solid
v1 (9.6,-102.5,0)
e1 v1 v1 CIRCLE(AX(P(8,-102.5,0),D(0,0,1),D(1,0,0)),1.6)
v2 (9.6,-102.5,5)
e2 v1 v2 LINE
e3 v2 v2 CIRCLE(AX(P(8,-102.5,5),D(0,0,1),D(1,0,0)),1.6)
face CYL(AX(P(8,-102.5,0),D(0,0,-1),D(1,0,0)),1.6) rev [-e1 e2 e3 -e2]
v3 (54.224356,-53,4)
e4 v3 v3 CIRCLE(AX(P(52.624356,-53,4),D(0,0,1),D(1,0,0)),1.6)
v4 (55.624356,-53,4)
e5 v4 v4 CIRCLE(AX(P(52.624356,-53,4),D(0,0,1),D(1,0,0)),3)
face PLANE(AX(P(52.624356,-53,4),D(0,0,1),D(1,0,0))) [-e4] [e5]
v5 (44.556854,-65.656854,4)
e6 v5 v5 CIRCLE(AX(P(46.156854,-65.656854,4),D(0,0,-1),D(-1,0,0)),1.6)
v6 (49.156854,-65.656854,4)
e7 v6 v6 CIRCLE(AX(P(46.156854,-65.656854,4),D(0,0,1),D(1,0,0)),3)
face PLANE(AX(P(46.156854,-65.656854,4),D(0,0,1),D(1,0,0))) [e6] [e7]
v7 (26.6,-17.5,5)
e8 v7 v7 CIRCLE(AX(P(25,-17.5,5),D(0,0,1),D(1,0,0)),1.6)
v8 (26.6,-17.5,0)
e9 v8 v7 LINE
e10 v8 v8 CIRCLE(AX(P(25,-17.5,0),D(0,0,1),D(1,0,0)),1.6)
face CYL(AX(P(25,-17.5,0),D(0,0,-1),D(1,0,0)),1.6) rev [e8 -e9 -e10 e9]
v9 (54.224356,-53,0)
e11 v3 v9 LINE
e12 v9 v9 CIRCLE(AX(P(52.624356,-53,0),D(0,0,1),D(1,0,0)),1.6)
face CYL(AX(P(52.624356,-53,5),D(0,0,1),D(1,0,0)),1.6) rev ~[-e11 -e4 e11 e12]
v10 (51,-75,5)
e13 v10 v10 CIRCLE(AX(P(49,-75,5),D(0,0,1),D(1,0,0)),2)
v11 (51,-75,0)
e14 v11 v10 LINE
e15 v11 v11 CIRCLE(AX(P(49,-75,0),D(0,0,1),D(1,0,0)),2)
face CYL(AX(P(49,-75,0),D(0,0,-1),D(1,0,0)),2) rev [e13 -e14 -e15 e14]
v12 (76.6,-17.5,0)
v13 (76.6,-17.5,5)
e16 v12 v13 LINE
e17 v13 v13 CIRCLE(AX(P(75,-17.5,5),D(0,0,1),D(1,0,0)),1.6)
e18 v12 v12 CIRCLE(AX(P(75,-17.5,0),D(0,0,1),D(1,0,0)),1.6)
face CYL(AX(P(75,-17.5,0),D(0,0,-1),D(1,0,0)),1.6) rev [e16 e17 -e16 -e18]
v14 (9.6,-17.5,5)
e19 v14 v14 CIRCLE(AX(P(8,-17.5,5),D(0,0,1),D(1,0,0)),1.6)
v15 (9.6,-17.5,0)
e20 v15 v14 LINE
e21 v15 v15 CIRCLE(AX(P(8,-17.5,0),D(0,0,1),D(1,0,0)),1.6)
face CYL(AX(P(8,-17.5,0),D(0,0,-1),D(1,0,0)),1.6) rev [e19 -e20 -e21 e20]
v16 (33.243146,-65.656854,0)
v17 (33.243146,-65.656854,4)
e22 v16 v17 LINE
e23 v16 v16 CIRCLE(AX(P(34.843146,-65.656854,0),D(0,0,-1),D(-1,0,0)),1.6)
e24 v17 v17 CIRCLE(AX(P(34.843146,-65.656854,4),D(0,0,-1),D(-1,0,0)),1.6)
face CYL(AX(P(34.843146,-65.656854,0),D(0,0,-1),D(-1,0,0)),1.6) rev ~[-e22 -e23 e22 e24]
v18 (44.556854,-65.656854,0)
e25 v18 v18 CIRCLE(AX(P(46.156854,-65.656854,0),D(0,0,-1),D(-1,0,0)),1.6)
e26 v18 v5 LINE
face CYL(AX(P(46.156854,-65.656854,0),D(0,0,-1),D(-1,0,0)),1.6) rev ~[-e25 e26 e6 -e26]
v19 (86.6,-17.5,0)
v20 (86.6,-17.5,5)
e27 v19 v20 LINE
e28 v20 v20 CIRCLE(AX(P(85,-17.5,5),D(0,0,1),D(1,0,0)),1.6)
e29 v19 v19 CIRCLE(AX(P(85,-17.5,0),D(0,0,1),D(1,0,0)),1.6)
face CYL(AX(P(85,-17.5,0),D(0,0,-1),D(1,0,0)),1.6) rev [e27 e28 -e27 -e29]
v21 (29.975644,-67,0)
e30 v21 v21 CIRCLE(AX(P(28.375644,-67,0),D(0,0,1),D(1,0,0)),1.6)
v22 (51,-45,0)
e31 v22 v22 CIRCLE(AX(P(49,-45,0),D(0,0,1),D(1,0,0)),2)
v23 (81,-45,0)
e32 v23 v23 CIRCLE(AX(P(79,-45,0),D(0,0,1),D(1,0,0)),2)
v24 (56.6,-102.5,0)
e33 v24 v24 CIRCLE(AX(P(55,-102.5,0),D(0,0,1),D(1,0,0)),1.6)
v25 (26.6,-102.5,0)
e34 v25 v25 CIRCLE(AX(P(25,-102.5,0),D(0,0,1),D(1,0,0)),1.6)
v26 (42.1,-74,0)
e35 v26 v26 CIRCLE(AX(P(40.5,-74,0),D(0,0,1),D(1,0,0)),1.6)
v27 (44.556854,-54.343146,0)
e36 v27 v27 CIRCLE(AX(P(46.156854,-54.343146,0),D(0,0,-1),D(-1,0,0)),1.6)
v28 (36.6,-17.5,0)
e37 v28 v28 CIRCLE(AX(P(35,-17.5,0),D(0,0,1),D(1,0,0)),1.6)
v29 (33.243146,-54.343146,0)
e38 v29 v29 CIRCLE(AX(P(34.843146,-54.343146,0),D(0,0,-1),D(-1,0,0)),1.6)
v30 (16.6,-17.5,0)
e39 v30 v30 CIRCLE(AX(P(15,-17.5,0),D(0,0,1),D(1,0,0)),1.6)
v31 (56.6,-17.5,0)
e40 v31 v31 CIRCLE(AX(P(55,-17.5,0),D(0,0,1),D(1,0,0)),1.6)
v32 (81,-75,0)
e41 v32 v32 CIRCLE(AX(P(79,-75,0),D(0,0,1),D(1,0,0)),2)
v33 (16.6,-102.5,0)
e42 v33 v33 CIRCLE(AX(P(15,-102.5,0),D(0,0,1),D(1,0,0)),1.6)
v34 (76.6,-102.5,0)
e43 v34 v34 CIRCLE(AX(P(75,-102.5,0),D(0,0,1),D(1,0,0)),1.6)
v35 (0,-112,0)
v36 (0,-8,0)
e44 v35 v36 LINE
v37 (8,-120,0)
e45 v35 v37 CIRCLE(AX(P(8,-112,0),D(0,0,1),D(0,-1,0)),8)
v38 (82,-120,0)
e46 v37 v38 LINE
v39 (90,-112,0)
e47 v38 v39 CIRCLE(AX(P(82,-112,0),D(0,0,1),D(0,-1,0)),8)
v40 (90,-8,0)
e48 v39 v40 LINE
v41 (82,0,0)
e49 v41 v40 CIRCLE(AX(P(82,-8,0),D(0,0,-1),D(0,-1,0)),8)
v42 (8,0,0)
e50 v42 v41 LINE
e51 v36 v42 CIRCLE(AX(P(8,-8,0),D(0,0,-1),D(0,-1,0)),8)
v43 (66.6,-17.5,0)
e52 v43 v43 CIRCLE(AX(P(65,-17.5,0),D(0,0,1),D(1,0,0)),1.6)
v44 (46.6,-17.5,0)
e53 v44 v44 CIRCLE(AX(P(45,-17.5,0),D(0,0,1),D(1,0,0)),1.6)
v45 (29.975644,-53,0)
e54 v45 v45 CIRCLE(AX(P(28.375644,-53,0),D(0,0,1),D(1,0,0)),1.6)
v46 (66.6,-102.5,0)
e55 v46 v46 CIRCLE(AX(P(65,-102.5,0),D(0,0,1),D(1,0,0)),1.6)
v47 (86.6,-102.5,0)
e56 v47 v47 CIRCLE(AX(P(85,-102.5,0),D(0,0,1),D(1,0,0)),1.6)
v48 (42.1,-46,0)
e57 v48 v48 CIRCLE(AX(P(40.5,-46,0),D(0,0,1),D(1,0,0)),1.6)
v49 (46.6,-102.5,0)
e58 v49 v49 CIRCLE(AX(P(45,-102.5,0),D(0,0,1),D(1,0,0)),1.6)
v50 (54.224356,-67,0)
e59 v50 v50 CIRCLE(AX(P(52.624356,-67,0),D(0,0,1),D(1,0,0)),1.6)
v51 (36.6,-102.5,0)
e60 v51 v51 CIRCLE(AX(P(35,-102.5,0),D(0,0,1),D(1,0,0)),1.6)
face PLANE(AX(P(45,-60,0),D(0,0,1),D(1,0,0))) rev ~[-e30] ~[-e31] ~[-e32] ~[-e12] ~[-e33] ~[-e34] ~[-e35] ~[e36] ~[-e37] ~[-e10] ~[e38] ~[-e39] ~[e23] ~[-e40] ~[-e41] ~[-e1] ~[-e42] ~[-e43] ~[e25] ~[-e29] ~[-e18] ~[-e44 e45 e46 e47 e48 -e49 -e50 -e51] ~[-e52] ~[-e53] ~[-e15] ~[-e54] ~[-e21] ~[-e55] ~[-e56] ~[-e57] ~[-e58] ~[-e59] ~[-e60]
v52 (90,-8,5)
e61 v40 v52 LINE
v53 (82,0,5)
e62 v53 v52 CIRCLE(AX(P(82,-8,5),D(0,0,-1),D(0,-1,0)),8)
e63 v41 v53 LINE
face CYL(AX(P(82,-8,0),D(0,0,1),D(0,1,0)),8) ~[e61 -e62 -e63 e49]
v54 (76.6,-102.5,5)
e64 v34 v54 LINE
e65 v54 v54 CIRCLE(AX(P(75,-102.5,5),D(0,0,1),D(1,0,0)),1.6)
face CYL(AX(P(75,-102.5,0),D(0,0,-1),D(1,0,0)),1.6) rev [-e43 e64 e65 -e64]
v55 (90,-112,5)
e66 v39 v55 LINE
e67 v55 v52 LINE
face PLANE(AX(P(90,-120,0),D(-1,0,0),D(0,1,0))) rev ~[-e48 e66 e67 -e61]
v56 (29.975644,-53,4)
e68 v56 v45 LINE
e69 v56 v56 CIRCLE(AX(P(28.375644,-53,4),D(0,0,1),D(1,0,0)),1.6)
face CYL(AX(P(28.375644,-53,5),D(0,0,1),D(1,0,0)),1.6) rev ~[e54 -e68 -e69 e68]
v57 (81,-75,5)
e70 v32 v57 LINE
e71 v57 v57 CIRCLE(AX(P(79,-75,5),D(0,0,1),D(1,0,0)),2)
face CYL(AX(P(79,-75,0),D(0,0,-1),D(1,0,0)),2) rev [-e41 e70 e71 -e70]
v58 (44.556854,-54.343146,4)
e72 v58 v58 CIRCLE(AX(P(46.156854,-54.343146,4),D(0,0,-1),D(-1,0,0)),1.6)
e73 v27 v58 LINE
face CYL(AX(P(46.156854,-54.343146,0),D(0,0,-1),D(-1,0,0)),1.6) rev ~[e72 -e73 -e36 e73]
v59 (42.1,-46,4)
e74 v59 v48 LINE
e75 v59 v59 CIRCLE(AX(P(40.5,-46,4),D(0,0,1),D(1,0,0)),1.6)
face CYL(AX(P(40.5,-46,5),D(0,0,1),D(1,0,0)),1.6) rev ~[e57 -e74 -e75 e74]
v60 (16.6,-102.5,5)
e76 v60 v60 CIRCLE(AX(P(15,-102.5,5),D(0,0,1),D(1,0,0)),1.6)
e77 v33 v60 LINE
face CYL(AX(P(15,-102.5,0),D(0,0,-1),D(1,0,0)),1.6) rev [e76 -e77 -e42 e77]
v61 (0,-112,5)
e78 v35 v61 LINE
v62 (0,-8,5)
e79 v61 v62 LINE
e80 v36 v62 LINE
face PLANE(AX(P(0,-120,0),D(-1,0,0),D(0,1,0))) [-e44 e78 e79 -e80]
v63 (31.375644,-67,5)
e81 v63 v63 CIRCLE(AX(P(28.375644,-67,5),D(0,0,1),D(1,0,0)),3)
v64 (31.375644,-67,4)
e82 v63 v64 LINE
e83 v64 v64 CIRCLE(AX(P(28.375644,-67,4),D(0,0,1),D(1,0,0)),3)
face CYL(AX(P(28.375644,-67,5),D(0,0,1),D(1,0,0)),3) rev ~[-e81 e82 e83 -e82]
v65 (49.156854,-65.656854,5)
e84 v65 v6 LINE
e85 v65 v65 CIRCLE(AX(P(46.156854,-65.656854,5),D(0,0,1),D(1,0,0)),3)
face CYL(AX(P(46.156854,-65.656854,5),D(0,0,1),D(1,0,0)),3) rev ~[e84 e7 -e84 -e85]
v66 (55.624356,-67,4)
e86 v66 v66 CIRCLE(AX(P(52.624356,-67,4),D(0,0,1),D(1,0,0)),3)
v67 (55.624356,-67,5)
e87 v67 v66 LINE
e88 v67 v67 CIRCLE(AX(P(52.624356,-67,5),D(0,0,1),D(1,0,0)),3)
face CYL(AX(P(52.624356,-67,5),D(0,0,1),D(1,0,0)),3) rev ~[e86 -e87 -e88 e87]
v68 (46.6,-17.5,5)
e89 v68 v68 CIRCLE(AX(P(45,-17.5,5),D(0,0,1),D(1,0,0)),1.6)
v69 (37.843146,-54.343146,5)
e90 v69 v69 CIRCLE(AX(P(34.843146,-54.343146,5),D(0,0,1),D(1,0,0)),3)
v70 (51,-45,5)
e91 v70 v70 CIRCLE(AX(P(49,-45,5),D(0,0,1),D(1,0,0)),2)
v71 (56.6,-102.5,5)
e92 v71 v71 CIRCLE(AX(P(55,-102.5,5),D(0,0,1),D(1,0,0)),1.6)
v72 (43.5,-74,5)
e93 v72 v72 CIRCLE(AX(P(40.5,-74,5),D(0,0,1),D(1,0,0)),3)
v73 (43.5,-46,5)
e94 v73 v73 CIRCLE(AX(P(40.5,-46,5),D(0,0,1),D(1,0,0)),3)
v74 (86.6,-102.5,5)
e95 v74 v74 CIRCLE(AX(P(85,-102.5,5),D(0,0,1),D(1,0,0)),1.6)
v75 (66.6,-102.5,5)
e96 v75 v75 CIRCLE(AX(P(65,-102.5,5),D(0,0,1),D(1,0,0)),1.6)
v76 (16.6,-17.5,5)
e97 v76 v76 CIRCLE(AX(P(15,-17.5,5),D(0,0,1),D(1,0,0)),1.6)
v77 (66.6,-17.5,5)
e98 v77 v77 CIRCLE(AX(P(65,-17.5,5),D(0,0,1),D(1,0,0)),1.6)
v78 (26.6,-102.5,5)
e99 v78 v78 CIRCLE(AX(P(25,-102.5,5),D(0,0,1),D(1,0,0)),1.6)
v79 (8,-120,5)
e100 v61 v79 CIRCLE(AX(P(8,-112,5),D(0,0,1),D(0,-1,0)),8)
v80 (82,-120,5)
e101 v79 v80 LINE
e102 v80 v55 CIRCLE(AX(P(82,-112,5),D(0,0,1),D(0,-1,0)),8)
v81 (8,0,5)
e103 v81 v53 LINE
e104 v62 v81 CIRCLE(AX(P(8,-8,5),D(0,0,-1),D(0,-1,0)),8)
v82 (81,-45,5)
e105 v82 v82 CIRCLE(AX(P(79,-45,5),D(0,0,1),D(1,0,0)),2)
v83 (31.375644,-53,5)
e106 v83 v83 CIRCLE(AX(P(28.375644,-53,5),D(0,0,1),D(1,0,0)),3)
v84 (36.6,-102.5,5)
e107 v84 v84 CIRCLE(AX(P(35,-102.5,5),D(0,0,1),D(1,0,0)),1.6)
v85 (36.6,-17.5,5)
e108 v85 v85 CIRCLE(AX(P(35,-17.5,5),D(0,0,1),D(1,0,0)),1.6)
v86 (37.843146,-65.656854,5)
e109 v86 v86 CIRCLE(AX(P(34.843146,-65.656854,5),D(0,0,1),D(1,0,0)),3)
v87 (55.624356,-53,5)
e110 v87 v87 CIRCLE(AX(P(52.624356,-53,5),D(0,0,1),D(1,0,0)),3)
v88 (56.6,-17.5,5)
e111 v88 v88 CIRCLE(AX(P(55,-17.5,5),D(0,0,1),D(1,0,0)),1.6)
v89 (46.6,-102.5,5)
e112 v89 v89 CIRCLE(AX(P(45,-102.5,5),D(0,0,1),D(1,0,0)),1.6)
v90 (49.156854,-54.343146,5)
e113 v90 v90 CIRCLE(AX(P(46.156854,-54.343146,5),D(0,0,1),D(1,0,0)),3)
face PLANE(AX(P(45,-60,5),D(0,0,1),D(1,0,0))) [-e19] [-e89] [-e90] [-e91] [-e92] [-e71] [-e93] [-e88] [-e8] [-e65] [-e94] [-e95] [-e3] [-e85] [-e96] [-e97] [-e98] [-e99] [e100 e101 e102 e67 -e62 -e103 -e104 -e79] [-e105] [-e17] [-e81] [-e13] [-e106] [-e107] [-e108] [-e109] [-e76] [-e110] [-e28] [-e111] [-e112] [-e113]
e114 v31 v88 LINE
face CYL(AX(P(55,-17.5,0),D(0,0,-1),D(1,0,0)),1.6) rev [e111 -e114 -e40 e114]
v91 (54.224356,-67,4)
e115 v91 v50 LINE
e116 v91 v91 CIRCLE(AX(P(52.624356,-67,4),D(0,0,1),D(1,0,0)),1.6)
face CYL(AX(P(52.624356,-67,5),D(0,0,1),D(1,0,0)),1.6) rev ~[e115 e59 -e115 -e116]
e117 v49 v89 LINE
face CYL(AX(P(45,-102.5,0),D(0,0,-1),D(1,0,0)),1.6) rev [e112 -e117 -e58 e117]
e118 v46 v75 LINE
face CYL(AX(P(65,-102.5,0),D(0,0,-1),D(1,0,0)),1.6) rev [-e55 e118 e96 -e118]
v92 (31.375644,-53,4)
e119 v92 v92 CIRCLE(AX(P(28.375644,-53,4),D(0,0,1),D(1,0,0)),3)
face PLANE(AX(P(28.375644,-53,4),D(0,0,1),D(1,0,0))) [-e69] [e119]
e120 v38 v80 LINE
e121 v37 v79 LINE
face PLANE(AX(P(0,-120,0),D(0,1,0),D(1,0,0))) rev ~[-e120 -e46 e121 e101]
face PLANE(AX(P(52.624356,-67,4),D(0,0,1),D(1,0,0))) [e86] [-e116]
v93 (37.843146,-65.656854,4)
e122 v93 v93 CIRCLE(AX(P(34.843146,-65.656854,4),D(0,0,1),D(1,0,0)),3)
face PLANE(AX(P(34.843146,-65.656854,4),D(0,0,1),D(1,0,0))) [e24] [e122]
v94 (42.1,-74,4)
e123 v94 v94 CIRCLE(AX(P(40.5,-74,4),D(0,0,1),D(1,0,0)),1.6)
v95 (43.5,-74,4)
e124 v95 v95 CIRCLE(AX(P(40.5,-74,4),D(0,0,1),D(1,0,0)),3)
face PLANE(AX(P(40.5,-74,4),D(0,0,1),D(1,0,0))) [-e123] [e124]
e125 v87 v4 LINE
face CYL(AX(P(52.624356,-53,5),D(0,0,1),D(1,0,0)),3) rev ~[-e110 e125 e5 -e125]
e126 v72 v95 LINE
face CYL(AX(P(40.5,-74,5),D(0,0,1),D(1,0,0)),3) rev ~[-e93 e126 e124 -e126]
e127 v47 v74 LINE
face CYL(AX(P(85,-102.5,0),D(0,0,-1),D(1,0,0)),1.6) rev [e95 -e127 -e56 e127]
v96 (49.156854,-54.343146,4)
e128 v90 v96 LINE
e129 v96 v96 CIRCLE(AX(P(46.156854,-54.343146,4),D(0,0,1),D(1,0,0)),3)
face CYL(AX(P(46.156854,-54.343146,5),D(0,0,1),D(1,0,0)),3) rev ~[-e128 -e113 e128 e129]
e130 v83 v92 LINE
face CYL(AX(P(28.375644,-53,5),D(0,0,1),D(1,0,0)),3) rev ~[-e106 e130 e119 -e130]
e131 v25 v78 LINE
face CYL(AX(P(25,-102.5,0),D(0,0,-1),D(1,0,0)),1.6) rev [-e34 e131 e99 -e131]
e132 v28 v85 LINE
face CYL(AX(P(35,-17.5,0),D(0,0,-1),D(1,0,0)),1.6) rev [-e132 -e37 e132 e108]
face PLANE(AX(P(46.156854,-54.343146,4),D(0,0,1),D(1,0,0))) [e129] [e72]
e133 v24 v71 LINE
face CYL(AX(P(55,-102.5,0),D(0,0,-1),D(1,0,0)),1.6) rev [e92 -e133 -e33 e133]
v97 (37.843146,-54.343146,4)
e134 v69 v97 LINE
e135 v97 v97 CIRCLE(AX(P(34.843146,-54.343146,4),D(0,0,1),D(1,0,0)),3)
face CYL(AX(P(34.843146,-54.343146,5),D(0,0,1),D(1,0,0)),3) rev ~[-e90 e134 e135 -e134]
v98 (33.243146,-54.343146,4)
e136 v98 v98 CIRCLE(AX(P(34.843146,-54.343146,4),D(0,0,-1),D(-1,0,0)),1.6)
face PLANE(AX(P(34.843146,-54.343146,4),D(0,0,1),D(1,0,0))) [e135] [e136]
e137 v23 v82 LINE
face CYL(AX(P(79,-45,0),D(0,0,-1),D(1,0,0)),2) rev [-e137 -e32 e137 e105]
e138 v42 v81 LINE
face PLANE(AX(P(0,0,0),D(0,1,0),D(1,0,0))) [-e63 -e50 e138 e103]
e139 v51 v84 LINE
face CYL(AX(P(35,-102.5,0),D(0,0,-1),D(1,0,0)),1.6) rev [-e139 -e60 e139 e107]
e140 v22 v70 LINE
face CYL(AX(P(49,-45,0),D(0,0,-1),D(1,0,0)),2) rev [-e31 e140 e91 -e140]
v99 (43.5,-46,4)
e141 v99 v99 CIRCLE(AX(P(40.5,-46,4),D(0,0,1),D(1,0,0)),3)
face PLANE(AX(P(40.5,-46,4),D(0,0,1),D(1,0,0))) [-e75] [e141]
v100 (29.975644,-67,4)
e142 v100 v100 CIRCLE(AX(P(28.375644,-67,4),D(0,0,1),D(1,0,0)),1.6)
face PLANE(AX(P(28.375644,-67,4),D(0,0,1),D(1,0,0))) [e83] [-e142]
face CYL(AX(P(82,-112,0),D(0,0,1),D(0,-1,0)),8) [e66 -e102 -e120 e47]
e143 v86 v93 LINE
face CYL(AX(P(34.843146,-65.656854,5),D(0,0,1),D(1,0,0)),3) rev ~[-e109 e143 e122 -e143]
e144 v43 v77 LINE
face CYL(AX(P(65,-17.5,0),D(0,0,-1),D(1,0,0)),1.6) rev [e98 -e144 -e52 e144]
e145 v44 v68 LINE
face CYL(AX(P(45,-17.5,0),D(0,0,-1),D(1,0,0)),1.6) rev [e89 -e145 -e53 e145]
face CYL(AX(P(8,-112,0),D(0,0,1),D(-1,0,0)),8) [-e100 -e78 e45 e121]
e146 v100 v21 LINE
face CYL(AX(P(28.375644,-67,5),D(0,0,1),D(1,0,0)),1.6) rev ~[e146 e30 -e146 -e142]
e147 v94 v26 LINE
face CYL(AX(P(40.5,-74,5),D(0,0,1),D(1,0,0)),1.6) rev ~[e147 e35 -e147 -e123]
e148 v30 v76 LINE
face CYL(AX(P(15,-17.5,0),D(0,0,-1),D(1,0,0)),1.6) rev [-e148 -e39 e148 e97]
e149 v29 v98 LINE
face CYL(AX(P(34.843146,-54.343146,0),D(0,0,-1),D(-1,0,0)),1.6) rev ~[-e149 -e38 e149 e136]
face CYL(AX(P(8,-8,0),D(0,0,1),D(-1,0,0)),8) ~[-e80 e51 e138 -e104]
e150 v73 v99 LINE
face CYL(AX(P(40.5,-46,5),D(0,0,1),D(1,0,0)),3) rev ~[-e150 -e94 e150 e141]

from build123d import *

# Parameters (mm, degrees)
SKETCH_1_W            = 90
SKETCH_1_H            = 120
SKETCH_1_R            = 2
SKETCH_1_R_2          = 1.6
EXTRUDE_1_DEPTH       = 5
FILLET_1_R            = 8
F_3_2_PCD16_R         = 1.6
CUT_EXTRUDE_3_2_DEPTH = 10
XRU1008_6_1_2_R       = 3
XRU1008_6_1_DEPTH     = 1
XRU2012_3_2_28_2_R    = 1.6
XRU2012_3_2_28_DEPTH  = 5
XRU2012_6_1_2_R       = 3
XRU2012_6_1_DEPTH     = 1


with BuildPart() as part:
    # Sketch 1 → Extrude 1 (new body)
    with BuildSketch(Plane.XY):
        with Locations((45, -60)):
            Rectangle(SKETCH_1_W, SKETCH_1_H)
        with Locations((79, -45)):
            Circle(SKETCH_1_R, mode=Mode.SUBTRACT)
        with Locations((79, -75)):
            Circle(SKETCH_1_R, mode=Mode.SUBTRACT)
        with Locations((49, -45)):
            Circle(SKETCH_1_R, mode=Mode.SUBTRACT)
        with Locations((49, -75)):
            Circle(SKETCH_1_R, mode=Mode.SUBTRACT)
        with Locations((85, -102.5)):
            Circle(SKETCH_1_R_2, mode=Mode.SUBTRACT)
        with Locations((75, -102.5)):
            Circle(SKETCH_1_R_2, mode=Mode.SUBTRACT)
        with Locations((65, -102.5)):
            Circle(SKETCH_1_R_2, mode=Mode.SUBTRACT)
        with Locations((55, -102.5)):
            Circle(SKETCH_1_R_2, mode=Mode.SUBTRACT)
        with Locations((45, -102.5)):
            Circle(SKETCH_1_R_2, mode=Mode.SUBTRACT)
        with Locations((85, -17.5)):
            Circle(SKETCH_1_R_2, mode=Mode.SUBTRACT)
        with Locations((75, -17.5)):
            Circle(SKETCH_1_R_2, mode=Mode.SUBTRACT)
        with Locations((65, -17.5)):
            Circle(SKETCH_1_R_2, mode=Mode.SUBTRACT)
        with Locations((55, -17.5)):
            Circle(SKETCH_1_R_2, mode=Mode.SUBTRACT)
        with Locations((45, -17.5)):
            Circle(SKETCH_1_R_2, mode=Mode.SUBTRACT)
        with Locations((35, -102.5)):
            Circle(SKETCH_1_R_2, mode=Mode.SUBTRACT)
        with Locations((25, -102.5)):
            Circle(SKETCH_1_R_2, mode=Mode.SUBTRACT)
        with Locations((15, -102.5)):
            Circle(SKETCH_1_R_2, mode=Mode.SUBTRACT)
        with Locations((35, -17.5)):
            Circle(SKETCH_1_R_2, mode=Mode.SUBTRACT)
        with Locations((25, -17.5)):
            Circle(SKETCH_1_R_2, mode=Mode.SUBTRACT)
        with Locations((15, -17.5)):
            Circle(SKETCH_1_R_2, mode=Mode.SUBTRACT)
        with Locations((8, -102.5)):
            Circle(SKETCH_1_R_2, mode=Mode.SUBTRACT)
        with Locations((8, -17.5)):
            Circle(SKETCH_1_R_2, mode=Mode.SUBTRACT)
    extrude(amount=EXTRUDE_1_DEPTH)

    # Fillet 1
    fillet_1_edges = [part.edges().sort_by_distance(p)[0] for p in [
        (0, 0, 2.5),
        (90, 0, 2.5),
        (90, -120, 2.5),
        (0, -120, 2.5),
    ]]
    fillet(fillet_1_edges, radius=FILLET_1_R)

    # 3.2_PCD16 → Cut-Extrude 3.2 (cut)
    with BuildSketch(Plane(origin=(0, 0, 0), x_dir=(-1, 0, 0), z_dir=(0, 0, -1))):
        with Locations((-46.156854249, -54.343145751)):
            Circle(F_3_2_PCD16_R)
        with Locations((-34.843145751, -54.343145751)):
            Circle(F_3_2_PCD16_R)
        with Locations((-34.843145751, -65.656854249)):
            Circle(F_3_2_PCD16_R)
        with Locations((-46.156854249, -65.656854249)):
            Circle(F_3_2_PCD16_R)
    extrude(amount=-CUT_EXTRUDE_3_2_DEPTH, mode=Mode.SUBTRACT)

    # XRU1008__6___1 2 → XRU1008__6___1 (cut)
    with BuildSketch(Plane.XY.offset(5)):
        with Locations((46.156854249, -54.343145751)):
            Circle(XRU1008_6_1_2_R)
        with Locations((34.843145751, -54.343145751)):
            Circle(XRU1008_6_1_2_R)
        with Locations((34.843145751, -65.656854249)):
            Circle(XRU1008_6_1_2_R)
        with Locations((46.156854249, -65.656854249)):
            Circle(XRU1008_6_1_2_R)
    extrude(amount=-XRU1008_6_1_DEPTH, mode=Mode.SUBTRACT)

    # XRU2012__3.2___28 2 → XRU2012__3.2___28 (cut)
    with BuildSketch(Plane.XY.offset(5)):
        with Locations((52.624355653, -53)):
            Circle(XRU2012_3_2_28_2_R)
        with Locations((40.5, -46)):
            Circle(XRU2012_3_2_28_2_R)
        with Locations((28.375644347, -53)):
            Circle(XRU2012_3_2_28_2_R)
        with Locations((28.375644347, -67)):
            Circle(XRU2012_3_2_28_2_R)
        with Locations((40.5, -74)):
            Circle(XRU2012_3_2_28_2_R)
        with Locations((52.624355653, -67)):
            Circle(XRU2012_3_2_28_2_R)
    extrude(amount=-XRU2012_3_2_28_DEPTH, mode=Mode.SUBTRACT)

    # XRU2012__6___1 2 → XRU2012__6___1 (cut)
    with BuildSketch(Plane.XY.offset(5)):
        with Locations((52.624355653, -53)):
            Circle(XRU2012_6_1_2_R)
        with Locations((40.5, -46)):
            Circle(XRU2012_6_1_2_R)
        with Locations((28.375644347, -53)):
            Circle(XRU2012_6_1_2_R)
        with Locations((28.375644347, -67)):
            Circle(XRU2012_6_1_2_R)
        with Locations((40.5, -74)):
            Circle(XRU2012_6_1_2_R)
        with Locations((52.624355653, -67)):
            Circle(XRU2012_6_1_2_R)
    extrude(amount=-XRU2012_6_1_DEPTH, mode=Mode.SUBTRACT)


solid = part.part
